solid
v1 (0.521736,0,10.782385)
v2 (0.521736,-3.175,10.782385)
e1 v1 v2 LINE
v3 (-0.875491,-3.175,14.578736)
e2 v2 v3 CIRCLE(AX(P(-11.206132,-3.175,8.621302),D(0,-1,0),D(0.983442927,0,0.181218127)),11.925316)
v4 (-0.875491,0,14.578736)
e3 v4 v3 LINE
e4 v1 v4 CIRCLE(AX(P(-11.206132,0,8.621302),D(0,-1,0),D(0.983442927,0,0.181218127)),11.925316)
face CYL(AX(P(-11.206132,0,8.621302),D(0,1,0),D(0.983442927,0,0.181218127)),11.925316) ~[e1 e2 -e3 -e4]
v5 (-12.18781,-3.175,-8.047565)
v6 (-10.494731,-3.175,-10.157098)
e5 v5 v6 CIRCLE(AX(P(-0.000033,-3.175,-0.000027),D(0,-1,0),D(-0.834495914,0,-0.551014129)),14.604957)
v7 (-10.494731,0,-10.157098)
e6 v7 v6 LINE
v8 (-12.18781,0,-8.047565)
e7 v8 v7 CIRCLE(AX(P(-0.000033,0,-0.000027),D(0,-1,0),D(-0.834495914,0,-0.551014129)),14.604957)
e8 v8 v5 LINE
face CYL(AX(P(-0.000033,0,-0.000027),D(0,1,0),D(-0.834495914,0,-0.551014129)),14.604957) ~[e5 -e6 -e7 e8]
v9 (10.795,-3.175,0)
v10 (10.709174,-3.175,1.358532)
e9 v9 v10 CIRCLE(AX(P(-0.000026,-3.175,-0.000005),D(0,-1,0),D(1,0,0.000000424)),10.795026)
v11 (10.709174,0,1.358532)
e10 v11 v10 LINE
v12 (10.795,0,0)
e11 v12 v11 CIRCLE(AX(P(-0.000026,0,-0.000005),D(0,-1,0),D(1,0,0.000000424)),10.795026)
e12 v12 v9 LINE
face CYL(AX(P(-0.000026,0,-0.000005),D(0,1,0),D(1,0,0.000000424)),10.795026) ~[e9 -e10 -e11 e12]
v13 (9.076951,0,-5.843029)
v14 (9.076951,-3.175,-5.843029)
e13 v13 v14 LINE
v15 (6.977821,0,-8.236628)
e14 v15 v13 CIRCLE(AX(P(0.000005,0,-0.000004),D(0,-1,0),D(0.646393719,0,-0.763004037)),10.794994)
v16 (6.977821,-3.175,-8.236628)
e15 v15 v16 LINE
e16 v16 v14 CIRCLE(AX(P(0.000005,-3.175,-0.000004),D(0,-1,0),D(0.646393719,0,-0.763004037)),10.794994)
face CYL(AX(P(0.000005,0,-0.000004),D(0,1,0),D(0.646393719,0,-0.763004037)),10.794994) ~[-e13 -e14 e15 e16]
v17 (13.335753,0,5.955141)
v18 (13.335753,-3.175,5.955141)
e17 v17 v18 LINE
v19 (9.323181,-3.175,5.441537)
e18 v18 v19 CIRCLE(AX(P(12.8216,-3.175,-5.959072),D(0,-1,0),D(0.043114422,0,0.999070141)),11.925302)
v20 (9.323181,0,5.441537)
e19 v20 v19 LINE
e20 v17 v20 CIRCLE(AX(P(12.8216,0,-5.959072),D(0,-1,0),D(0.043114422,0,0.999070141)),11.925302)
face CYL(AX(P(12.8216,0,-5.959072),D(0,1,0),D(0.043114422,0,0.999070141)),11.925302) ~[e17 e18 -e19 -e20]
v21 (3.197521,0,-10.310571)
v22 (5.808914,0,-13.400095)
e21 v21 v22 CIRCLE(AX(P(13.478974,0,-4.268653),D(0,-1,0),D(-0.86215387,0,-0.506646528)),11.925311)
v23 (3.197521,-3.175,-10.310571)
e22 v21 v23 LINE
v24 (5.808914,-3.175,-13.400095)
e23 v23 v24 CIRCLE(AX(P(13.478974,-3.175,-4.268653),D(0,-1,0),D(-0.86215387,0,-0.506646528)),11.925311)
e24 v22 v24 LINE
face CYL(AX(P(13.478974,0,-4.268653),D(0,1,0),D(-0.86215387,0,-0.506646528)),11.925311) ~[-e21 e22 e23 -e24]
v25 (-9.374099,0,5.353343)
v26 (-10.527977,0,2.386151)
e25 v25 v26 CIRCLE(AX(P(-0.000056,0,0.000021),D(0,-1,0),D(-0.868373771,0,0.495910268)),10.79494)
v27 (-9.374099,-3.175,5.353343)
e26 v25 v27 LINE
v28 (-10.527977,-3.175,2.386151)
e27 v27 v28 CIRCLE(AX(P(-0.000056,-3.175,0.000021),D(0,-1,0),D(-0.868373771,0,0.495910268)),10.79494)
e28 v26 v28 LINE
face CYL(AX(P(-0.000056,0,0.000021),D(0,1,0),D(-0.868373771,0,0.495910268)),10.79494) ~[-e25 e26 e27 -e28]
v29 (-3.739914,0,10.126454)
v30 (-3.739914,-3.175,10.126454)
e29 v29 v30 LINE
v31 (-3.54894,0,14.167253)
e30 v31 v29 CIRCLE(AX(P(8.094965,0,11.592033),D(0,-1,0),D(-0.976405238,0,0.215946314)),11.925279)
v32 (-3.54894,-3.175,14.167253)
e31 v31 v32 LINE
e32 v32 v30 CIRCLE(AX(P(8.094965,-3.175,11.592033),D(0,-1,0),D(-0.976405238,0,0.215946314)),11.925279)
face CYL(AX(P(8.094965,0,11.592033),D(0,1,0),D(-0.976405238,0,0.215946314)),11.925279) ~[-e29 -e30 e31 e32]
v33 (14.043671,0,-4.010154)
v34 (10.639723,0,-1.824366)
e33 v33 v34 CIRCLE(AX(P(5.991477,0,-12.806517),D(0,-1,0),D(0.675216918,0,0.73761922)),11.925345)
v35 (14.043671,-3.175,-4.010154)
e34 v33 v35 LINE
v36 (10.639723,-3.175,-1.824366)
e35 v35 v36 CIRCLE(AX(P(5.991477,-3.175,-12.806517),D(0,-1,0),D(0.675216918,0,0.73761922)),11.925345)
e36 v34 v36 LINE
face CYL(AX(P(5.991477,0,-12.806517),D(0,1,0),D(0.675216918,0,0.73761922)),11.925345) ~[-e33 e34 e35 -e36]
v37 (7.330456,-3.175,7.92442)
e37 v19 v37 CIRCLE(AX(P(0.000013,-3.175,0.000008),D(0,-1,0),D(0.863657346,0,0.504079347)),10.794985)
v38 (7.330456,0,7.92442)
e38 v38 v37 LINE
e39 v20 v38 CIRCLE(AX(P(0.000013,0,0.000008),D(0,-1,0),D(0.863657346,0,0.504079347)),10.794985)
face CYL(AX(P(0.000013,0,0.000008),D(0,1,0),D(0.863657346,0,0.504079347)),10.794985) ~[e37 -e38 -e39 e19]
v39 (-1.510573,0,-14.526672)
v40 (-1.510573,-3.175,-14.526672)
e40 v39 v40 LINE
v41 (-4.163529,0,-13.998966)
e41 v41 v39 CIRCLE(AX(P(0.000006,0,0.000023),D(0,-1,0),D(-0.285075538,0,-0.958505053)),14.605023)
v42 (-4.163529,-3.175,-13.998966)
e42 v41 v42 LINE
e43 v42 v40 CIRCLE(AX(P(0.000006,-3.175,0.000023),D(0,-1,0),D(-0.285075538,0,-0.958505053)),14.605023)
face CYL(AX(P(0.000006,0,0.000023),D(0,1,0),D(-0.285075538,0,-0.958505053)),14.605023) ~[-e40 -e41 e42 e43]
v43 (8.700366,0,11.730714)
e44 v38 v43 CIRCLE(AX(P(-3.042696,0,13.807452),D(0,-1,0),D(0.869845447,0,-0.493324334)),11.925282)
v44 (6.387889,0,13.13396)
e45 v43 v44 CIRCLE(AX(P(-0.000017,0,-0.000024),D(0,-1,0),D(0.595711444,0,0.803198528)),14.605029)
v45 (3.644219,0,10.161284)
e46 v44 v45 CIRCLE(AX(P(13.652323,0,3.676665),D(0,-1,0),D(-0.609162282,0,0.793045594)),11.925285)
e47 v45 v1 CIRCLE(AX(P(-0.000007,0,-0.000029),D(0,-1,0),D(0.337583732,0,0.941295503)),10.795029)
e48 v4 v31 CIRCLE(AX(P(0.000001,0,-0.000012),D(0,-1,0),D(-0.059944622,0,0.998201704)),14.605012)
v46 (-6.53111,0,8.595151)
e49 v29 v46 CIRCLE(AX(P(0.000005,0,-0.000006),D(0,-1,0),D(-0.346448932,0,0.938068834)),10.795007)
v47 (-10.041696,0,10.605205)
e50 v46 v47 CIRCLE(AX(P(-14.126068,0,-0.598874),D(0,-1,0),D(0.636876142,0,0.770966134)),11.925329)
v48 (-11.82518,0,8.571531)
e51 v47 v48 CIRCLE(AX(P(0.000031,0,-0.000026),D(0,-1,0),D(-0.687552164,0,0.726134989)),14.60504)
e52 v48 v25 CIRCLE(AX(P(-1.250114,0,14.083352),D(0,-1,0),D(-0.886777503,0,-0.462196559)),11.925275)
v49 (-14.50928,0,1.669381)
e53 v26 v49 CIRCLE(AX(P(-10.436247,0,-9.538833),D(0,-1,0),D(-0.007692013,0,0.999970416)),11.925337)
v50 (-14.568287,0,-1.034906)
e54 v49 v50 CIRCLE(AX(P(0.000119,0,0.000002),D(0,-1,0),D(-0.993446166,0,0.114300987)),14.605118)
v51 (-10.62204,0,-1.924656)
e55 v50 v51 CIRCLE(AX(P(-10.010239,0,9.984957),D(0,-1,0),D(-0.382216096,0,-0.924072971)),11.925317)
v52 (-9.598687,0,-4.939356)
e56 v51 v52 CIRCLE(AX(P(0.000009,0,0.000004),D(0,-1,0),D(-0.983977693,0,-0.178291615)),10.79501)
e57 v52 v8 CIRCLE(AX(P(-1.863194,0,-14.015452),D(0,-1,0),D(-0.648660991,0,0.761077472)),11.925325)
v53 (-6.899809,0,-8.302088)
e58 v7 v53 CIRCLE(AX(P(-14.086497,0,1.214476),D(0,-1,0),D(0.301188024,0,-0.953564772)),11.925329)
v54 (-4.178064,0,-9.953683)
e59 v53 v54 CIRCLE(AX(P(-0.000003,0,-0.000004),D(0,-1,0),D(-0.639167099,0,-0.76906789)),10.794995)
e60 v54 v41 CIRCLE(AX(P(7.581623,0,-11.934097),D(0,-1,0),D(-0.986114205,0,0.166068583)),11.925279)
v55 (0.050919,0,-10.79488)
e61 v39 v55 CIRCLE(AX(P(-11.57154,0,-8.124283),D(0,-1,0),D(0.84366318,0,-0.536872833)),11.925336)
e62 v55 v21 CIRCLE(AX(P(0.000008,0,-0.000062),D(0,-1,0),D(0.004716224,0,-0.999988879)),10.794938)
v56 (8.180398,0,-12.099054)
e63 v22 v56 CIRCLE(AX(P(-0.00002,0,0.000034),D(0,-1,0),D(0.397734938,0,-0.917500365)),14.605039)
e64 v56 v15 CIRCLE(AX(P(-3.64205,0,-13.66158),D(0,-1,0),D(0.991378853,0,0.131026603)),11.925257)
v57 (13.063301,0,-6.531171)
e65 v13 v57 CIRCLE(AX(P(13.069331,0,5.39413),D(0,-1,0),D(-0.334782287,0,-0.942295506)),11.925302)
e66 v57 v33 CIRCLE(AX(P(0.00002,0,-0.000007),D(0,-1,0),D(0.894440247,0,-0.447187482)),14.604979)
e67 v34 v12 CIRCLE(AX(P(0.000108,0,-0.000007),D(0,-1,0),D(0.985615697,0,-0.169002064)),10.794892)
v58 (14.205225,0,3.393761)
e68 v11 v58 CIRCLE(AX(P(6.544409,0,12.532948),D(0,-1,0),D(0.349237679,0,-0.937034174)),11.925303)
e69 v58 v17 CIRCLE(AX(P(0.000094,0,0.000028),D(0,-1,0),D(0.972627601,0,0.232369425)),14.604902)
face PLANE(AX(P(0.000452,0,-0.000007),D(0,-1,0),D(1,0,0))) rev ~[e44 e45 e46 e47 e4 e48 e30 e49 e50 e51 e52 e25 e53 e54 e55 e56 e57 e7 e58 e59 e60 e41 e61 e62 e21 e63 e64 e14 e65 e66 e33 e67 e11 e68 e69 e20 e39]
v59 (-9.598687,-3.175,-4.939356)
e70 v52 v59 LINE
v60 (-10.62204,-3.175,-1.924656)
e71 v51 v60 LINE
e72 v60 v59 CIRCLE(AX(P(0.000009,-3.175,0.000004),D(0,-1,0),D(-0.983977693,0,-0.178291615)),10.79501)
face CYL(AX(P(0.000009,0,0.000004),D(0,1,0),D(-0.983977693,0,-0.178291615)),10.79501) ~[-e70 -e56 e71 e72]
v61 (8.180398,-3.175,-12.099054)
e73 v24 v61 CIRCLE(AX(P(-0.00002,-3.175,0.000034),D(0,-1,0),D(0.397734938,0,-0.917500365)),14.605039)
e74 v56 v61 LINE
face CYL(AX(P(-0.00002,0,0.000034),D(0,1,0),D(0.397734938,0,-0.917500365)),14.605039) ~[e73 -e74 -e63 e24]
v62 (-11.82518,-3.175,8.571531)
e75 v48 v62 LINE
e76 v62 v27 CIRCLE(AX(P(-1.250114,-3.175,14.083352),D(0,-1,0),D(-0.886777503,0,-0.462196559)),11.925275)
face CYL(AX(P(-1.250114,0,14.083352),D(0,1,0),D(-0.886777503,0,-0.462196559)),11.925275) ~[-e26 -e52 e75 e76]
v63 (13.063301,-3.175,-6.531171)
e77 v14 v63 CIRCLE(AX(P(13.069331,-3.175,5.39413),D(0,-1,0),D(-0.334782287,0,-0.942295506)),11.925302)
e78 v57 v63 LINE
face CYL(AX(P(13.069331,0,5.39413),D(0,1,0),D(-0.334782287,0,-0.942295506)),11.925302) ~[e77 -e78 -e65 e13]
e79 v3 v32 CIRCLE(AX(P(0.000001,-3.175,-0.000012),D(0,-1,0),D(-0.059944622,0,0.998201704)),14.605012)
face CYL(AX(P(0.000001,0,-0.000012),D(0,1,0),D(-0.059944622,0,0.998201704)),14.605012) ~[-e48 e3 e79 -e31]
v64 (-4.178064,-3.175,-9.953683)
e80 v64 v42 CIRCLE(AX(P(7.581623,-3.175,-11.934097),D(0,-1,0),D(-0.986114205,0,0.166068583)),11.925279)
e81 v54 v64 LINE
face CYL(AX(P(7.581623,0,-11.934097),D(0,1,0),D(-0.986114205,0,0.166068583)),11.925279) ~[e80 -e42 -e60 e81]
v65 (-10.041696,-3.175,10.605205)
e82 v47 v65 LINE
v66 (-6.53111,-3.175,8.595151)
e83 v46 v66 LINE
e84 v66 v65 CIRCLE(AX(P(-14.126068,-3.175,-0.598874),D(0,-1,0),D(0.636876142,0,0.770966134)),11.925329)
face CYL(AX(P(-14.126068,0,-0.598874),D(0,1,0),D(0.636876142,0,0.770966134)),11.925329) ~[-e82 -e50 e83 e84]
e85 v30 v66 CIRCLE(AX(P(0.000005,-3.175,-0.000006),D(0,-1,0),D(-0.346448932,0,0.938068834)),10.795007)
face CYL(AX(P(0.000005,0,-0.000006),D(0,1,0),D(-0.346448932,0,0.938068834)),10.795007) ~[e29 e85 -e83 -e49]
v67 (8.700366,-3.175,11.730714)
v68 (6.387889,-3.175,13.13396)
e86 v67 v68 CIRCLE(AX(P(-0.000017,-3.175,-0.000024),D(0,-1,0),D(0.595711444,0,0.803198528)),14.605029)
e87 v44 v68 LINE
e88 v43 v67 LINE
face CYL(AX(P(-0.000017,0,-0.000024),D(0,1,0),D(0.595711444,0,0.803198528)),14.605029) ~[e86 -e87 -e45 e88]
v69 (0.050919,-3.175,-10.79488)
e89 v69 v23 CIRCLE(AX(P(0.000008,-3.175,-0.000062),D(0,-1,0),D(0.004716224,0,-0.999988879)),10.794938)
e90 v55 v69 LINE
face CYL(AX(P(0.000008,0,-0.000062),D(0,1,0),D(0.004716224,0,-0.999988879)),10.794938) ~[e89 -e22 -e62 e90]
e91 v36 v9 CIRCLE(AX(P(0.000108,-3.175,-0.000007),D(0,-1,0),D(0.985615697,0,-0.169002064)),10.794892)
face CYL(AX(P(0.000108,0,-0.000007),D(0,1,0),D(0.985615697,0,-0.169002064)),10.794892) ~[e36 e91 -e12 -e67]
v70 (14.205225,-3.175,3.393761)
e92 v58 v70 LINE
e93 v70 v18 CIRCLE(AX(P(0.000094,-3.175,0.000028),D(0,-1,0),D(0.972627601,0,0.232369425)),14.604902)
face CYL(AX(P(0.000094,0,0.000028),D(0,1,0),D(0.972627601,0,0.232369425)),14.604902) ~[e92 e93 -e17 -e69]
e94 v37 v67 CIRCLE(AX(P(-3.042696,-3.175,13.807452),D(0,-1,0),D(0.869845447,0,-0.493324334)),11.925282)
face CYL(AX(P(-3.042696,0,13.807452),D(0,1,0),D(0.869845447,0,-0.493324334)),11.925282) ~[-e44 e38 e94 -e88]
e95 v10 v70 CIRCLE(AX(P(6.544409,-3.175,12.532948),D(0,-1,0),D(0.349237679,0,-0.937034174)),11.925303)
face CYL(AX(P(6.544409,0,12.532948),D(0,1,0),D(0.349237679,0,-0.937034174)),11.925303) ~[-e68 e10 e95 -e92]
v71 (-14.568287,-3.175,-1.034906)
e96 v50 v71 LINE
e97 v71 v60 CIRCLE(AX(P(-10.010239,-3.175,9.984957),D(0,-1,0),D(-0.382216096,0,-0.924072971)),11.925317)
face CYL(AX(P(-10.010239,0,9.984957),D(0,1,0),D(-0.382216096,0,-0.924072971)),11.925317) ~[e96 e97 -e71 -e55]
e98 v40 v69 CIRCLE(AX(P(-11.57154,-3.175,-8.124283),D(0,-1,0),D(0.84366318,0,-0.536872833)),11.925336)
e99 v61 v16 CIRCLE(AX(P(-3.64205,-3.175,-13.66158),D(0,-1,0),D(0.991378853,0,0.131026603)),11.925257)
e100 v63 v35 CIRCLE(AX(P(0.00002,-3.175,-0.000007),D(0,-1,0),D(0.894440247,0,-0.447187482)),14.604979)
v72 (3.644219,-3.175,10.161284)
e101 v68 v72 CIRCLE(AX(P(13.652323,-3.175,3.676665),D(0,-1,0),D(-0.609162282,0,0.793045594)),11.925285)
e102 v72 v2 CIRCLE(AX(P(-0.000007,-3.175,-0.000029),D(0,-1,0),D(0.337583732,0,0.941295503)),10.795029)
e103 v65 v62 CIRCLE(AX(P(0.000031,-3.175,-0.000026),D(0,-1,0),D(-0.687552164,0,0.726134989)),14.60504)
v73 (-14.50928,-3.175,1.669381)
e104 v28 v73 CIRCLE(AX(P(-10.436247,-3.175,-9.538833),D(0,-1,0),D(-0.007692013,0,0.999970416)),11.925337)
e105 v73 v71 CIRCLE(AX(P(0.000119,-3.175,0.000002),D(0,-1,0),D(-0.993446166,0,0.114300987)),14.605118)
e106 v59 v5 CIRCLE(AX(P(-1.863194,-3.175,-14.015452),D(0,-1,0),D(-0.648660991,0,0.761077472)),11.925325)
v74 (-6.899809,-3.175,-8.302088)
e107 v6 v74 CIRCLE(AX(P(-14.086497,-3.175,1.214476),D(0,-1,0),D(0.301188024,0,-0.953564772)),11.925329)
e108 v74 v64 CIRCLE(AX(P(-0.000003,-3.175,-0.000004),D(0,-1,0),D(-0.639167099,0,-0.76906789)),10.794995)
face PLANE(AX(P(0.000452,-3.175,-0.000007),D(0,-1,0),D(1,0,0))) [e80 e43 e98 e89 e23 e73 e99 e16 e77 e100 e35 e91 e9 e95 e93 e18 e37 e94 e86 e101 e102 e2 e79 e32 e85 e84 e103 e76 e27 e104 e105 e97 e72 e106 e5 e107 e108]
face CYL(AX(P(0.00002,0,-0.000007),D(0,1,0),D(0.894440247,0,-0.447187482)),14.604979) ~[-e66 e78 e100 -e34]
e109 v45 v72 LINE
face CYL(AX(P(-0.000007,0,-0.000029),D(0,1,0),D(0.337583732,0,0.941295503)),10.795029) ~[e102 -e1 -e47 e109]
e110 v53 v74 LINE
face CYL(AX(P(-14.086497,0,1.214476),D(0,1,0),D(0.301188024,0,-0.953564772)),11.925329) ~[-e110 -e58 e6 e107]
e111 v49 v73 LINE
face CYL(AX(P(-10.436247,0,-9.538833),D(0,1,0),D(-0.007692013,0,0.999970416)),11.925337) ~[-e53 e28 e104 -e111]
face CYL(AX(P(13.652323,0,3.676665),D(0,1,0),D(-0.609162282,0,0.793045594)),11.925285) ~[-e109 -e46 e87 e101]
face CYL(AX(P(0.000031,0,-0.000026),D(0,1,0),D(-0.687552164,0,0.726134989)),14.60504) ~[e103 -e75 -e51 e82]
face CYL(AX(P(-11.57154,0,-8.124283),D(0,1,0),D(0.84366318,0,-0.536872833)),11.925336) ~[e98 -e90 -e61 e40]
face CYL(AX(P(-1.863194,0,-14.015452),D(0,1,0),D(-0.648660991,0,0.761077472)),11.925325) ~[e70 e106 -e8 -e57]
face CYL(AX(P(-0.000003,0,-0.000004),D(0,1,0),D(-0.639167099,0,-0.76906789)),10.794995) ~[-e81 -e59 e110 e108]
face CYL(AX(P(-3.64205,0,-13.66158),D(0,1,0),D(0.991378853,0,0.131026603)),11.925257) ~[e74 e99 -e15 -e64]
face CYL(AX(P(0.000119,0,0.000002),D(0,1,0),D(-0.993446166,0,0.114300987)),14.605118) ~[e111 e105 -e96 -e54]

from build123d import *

# Parameters (mm, degrees)
F1_DEPTH = 3.175


with BuildPart() as f1:
    # F0 (on Front) → F1 (new body)
    with BuildSketch(Plane.XZ):
        with BuildLine():
            ThreePointArc((10.639723, -1.824366), (10.756111, -0.915481), (10.795, 0))
            ThreePointArc((10.795, 0), (10.773522, 0.68062), (10.709174, 1.358532))
            ThreePointArc((10.709174, 1.358532), (10.222111, 3.469939), (9.323181, 5.441537))
            ThreePointArc((9.323181, 5.441537), (8.418853, 6.756844), (7.330456, 7.92442))
            ThreePointArc((7.330456, 7.92442), (5.600157, 9.228774), (3.644219, 10.161284))
            ThreePointArc((3.644219, 10.161284), (2.106, 10.587577), (0.521736, 10.782385))
            ThreePointArc((0.521736, 10.782385), (-1.642172, 10.669363), (-3.739914, 10.126454))
            ThreePointArc((-3.739914, 10.126454), (-5.192274, 9.464265), (-6.53111, 8.595151))
            ThreePointArc((-6.53111, 8.595151), (-8.116111, 7.117638), (-9.374099, 5.353343))
            ThreePointArc((-9.374099, 5.353343), (-10.061025, 3.912519), (-10.527977, 2.386151))
            ThreePointArc((-10.527977, 2.386151), (-10.792431, 0.235492), (-10.62204, -1.924656))
            ThreePointArc((-10.62204, -1.924656), (-10.222111, -3.469939), (-9.598687, -4.939356))
            ThreePointArc((-9.598687, -4.939356), (-8.418853, -6.756844), (-6.899809, -8.302088))
            ThreePointArc((-6.899809, -8.302088), (-5.600157, -9.228774), (-4.178064, -9.953683))
            ThreePointArc((-4.178064, -9.953683), (-2.106, -10.587577), (0.050919, -10.79488))
            ThreePointArc((0.050919, -10.79488), (1.642172, -10.669363), (3.197521, -10.310571))
            ThreePointArc((3.197521, -10.310571), (5.192274, -9.464265), (6.977821, -8.236628))
            ThreePointArc((6.977821, -8.236628), (8.116111, -7.117638), (9.076951, -5.843029))
            ThreePointArc((9.076951, -5.843029), (10.061025, -3.912519), (10.639723, -1.824366))
        make_face()
        with BuildLine():
            ThreePointArc((-10.62204, -1.924656), (-10.792431, 0.235492), (-10.527977, 2.386151))
            ThreePointArc((-10.527977, 2.386151), (-12.549243, 2.197815), (-14.50928, 1.669381))
            ThreePointArc((-14.50928, 1.669381), (-14.601524, 0.318606), (-14.568287, -1.034906))
            ThreePointArc((-14.568287, -1.034906), (-12.633166, -1.648333), (-10.62204, -1.924656))
        make_face()
        with BuildLine():
            ThreePointArc((-9.374099, 5.353343), (-8.116111, 7.117638), (-6.53111, 8.595151))
            ThreePointArc((-6.53111, 8.595151), (-8.20055, 9.750122), (-10.041696, 10.605205))
            ThreePointArc((-10.041696, 10.605205), (-10.98062, 9.629746), (-11.82518, 8.571531))
            ThreePointArc((-11.82518, 8.571531), (-10.737095, 6.857746), (-9.374099, 5.353343))
        make_face()
        with BuildLine():
            ThreePointArc((-3.739914, 10.126454), (-1.642172, 10.669363), (0.521736, 10.782385))
            ThreePointArc((0.521736, 10.782385), (-0.014728, 12.740239), (-0.875491, 14.578736))
            ThreePointArc((-0.875491, 14.578736), (-2.221762, 14.43502), (-3.54894, 14.167253))
            ThreePointArc((-3.54894, 14.167253), (-3.817018, 12.15501), (-3.739914, 10.126454))
        make_face()
        with BuildLine():
            ThreePointArc((3.644219, 10.161284), (5.600157, 9.228774), (7.330456, 7.92442))
            ThreePointArc((7.330456, 7.92442), (8.177986, 9.769056), (8.700366, 11.730714))
            ThreePointArc((8.700366, 11.730714), (7.576683, 12.485988), (6.387889, 13.13396))
            ThreePointArc((6.387889, 13.13396), (4.889085, 11.76481), (3.644219, 10.161284))
        make_face()
        with BuildLine():
            ThreePointArc((9.323181, 5.441537), (10.222111, 3.469939), (10.709174, 1.358532))
            ThreePointArc((10.709174, 1.358532), (12.544128, 2.226823), (14.205225, 3.393761))
            ThreePointArc((14.205225, 3.393761), (13.829915, 4.694623), (13.335753, 5.955141))
            ThreePointArc((13.335753, 5.955141), (11.30753, 5.869724), (9.323181, 5.441537))
        make_face()
        with BuildLine():
            ThreePointArc((14.043671, -4.010154), (12.435056, -2.771871), (10.639723, -1.824366))
            ThreePointArc((10.639723, -1.824366), (10.061025, -3.912519), (9.076951, -5.843029))
            ThreePointArc((9.076951, -5.843029), (11.040734, -6.357365), (13.063301, -6.531171))
            ThreePointArc((13.063301, -6.531171), (13.611975, -5.293408), (14.043671, -4.010154))
        make_face()
        with BuildLine():
            ThreePointArc((8.180398, -12.099054), (7.744082, -10.116476), (6.977821, -8.236628))
            ThreePointArc((6.977821, -8.236628), (5.192274, -9.464265), (3.197521, -10.310571))
            ThreePointArc((3.197521, -10.310571), (4.371258, -11.966871), (5.808914, -13.400095))
            ThreePointArc((5.808914, -13.400095), (7.024841, -12.804594), (8.180398, -12.099054))
        make_face()
        with BuildLine():
            ThreePointArc((-1.510573, -14.526672), (-0.570435, -12.72747), (0.050919, -10.79488))
            ThreePointArc((0.050919, -10.79488), (-2.106, -10.587577), (-4.178064, -9.953683))
            ThreePointArc((-4.178064, -9.953683), (-4.343579, -11.976945), (-4.163529, -13.998966))
            ThreePointArc((-4.163529, -13.998966), (-2.849294, -14.324369), (-1.510573, -14.526672))
        make_face()
        with BuildLine():
            ThreePointArc((-10.494731, -10.157098), (-8.618039, -9.383139), (-6.899809, -8.302088))
            ThreePointArc((-6.899809, -8.302088), (-8.418853, -6.756844), (-9.598687, -4.939356))
            ThreePointArc((-9.598687, -4.939356), (-11.026006, -6.382874), (-12.18781, -8.047565))
            ThreePointArc((-12.18781, -8.047565), (-11.390213, -9.141612), (-10.494731, -10.157098))
        make_face()
    extrude(amount=F1_DEPTH)


solid = f1.part
